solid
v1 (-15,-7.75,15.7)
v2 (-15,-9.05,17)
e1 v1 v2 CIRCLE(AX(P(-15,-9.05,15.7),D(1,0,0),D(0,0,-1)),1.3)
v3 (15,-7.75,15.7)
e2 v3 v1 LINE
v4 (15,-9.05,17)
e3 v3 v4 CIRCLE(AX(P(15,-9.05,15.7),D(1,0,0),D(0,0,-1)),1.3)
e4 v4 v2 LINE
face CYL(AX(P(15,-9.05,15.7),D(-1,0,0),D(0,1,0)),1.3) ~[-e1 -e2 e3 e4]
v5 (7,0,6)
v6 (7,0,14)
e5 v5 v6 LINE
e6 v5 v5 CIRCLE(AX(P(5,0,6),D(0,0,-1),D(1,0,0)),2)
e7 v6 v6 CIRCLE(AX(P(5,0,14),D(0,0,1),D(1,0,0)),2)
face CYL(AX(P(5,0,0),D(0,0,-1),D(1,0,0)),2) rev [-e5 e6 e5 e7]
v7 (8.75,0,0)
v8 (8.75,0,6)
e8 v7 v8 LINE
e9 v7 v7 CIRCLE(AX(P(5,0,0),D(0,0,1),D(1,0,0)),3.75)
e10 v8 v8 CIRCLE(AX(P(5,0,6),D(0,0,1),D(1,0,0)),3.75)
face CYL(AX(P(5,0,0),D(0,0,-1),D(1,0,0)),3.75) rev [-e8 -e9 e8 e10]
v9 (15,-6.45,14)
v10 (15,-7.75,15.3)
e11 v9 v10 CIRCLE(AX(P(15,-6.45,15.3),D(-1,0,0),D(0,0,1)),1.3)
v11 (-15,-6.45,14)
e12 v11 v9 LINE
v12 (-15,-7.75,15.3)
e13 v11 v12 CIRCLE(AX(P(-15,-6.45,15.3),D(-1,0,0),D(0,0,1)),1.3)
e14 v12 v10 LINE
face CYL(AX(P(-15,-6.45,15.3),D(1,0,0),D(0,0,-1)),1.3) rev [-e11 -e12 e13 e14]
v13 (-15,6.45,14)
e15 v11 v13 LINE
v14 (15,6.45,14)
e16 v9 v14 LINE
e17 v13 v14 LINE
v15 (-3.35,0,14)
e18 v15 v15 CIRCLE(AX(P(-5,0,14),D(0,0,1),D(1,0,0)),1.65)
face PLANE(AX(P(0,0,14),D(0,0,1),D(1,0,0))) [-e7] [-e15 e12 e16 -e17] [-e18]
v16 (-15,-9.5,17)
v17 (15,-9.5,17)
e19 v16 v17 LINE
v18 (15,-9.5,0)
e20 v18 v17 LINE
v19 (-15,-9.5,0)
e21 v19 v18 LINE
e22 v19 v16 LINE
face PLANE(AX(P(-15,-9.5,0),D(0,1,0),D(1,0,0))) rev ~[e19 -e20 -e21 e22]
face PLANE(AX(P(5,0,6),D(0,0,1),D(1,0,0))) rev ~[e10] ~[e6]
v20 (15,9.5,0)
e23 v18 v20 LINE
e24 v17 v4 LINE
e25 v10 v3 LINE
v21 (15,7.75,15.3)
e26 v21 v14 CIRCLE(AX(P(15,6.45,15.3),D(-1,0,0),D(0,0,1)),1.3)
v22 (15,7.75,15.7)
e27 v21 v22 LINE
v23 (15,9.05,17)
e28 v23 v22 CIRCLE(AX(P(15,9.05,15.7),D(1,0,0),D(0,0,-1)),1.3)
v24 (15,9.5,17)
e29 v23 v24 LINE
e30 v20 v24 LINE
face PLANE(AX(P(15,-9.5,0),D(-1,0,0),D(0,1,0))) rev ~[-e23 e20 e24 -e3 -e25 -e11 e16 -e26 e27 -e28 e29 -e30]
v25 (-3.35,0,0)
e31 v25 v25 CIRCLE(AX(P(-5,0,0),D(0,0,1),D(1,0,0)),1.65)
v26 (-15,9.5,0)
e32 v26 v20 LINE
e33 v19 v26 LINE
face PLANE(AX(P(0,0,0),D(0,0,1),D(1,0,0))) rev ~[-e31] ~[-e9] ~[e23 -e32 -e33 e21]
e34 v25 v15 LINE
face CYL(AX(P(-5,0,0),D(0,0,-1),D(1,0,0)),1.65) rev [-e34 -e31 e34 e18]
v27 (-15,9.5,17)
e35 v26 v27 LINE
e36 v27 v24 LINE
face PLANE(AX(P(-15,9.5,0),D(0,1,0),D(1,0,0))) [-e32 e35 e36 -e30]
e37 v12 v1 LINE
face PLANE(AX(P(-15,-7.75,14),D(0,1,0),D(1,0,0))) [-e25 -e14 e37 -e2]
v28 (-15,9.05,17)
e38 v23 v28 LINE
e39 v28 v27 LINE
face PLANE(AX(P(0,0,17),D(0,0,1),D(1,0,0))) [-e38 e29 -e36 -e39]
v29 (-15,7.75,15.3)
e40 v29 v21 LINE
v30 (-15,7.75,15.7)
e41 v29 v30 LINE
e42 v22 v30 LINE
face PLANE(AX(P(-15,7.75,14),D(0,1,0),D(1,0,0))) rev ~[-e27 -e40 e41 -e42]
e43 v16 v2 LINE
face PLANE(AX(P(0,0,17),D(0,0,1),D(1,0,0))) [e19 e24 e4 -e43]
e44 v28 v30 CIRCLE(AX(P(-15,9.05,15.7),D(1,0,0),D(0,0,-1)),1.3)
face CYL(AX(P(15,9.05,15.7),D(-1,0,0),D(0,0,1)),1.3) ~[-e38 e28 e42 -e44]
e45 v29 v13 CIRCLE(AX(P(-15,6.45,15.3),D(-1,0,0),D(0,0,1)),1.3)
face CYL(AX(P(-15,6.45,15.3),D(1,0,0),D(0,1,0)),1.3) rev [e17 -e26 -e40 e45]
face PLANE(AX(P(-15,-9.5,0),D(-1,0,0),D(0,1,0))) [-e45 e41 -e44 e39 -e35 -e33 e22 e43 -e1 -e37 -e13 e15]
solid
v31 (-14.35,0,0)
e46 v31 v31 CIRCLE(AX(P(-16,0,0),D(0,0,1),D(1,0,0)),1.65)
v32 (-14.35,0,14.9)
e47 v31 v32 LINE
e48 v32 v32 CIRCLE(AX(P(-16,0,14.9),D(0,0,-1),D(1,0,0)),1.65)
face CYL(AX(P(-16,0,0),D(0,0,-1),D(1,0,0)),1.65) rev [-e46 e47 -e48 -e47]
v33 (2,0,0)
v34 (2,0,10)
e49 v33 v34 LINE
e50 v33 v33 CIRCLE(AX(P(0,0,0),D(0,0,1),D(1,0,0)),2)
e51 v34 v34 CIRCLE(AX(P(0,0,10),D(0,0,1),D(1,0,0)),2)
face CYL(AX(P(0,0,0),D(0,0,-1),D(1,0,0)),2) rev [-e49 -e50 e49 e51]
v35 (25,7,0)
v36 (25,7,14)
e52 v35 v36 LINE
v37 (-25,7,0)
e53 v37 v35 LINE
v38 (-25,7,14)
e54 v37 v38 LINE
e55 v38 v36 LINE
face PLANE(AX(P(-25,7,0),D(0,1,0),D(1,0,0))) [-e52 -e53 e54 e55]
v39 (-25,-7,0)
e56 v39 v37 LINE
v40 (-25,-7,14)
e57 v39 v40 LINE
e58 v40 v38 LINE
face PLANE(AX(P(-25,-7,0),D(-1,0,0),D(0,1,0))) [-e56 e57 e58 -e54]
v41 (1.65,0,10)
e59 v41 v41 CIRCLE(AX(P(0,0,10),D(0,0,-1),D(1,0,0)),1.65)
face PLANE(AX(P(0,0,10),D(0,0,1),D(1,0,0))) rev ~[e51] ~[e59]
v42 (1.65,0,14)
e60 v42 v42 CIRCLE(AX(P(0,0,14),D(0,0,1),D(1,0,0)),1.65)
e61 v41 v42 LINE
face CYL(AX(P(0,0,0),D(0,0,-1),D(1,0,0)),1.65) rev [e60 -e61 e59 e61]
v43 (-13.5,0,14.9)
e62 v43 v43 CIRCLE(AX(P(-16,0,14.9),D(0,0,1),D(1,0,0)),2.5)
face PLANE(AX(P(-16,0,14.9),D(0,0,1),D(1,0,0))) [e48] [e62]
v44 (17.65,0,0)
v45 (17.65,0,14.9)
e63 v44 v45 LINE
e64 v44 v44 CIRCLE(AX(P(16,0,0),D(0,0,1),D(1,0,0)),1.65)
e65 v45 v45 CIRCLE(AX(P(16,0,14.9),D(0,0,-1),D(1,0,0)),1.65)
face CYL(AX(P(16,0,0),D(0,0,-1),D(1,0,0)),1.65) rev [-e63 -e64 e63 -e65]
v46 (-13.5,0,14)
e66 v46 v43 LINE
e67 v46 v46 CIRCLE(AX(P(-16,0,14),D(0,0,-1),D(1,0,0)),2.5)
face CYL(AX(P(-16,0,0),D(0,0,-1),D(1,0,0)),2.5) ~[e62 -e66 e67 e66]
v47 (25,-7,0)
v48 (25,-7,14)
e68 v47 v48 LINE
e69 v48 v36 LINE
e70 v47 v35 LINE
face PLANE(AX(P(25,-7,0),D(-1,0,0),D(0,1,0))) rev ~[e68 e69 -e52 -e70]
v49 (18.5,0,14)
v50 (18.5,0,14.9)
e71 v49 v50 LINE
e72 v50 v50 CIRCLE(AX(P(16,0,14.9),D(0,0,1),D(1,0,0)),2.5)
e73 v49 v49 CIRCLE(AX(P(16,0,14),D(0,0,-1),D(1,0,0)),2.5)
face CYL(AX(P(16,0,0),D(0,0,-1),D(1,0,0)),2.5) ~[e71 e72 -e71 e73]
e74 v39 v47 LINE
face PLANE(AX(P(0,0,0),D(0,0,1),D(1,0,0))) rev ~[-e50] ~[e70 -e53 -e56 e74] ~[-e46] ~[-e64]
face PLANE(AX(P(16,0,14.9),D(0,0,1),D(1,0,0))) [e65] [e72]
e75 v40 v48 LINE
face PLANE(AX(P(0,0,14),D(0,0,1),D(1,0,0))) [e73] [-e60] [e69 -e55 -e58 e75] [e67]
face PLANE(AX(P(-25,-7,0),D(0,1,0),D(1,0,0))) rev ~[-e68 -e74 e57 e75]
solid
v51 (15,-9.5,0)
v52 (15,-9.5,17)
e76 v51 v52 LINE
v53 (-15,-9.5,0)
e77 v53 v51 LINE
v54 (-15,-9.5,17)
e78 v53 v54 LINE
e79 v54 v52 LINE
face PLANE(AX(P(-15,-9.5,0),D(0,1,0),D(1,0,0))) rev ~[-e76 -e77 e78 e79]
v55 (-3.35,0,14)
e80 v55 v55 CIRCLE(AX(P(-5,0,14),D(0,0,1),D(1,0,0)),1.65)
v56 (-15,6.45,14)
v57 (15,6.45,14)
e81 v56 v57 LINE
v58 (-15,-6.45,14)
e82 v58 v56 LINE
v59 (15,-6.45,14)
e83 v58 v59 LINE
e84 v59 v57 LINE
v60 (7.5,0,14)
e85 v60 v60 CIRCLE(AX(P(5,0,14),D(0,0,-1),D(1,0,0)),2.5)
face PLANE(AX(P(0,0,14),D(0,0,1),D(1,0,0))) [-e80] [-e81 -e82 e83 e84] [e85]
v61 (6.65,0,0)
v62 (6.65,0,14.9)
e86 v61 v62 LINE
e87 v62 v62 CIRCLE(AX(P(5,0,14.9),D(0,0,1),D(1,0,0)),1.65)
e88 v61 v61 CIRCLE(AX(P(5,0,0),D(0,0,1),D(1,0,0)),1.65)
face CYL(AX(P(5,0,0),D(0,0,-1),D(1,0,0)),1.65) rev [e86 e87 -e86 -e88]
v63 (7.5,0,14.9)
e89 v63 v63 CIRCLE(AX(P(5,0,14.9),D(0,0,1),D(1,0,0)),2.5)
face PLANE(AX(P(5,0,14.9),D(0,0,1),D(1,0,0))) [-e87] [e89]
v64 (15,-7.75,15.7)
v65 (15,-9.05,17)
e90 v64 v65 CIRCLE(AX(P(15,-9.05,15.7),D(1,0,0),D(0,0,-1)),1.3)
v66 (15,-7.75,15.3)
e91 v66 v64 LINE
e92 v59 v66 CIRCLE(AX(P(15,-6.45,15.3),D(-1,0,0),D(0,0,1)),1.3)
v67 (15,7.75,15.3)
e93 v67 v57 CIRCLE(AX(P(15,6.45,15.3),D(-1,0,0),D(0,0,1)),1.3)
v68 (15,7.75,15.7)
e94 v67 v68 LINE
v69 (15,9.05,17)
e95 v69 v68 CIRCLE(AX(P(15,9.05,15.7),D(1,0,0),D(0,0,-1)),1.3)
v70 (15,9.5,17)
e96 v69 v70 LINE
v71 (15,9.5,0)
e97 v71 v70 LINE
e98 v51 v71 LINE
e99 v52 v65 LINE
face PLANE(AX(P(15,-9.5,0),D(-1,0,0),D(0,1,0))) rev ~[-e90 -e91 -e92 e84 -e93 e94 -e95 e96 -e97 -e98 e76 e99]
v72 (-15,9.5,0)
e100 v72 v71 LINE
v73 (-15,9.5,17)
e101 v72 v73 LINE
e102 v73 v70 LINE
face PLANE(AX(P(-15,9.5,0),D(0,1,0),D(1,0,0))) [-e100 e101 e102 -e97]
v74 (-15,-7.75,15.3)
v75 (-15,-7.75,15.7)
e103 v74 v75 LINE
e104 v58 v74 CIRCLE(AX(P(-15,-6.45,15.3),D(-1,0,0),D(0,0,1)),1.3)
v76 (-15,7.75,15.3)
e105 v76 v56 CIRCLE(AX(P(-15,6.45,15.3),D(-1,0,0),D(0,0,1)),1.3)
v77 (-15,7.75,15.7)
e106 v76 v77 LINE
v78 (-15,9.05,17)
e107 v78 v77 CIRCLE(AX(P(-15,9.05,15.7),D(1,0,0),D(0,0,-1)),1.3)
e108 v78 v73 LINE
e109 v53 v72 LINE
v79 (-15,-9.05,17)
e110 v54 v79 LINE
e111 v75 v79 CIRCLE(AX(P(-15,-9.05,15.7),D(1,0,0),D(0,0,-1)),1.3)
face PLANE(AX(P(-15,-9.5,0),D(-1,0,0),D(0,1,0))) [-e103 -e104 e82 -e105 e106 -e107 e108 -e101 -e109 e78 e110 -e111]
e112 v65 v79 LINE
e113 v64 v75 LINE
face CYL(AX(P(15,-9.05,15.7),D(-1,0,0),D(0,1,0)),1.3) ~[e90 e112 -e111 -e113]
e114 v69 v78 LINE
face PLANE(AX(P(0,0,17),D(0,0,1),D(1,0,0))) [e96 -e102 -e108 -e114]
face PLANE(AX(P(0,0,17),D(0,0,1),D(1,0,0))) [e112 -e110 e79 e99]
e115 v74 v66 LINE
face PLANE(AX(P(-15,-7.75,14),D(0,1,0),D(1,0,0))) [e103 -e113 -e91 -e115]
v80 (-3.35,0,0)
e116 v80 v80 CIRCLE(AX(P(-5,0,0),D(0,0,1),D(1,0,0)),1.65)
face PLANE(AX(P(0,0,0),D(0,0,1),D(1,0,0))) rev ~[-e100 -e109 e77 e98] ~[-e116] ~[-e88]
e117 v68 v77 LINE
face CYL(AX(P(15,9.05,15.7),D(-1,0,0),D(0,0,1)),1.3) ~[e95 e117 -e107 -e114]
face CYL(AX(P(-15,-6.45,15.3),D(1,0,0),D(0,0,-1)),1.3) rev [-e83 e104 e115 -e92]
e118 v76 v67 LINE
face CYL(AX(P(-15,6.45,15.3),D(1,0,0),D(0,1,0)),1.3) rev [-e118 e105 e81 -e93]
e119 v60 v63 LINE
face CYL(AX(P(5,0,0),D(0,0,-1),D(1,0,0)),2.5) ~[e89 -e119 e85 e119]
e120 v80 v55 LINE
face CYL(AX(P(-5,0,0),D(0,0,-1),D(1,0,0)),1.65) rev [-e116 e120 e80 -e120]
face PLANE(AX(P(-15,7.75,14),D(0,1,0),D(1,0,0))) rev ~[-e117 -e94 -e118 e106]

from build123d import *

# Parameters (mm, degrees)
CYLINDER005_R     = 1.65
CYLINDER005_DEPTH = 15
CYLINDER006_R     = 1.65
CYLINDER006_DEPTH = 15
CYLINDER004_R     = 2
CYLINDER004_DEPTH = 10
CYLINDER002_R     = 1.65
CYLINDER002_DEPTH = 14
CYLINDER_R        = 2.5
CYLINDER_DEPTH    = 14.9
BOX_W             = 50
BOX_H             = 14
BOX_DEPTH         = 14
CYLINDER001_R     = 2.5
CYLINDER001_DEPTH = 14.9
CYLINDER009_R     = 1.65
CYLINDER009_DEPTH = 14
CYLINDER008_R     = 1.65
CYLINDER008_DEPTH = 14.9
BOX002_W          = 30
BOX002_H          = 15.5
BOX002_DEPTH      = 10
BOX001_W          = 30
BOX001_H          = 19
BOX001_DEPTH      = 17
FILLET_R          = 1.3
CYLINDER007_R     = 2.5
CYLINDER007_DEPTH = 14.9
CYLINDER011_R     = 3.75
CYLINDER011_DEPTH = 6
CYLINDER012_R     = 1.65
CYLINDER012_DEPTH = 14
CYLINDER010_R     = 2
CYLINDER010_DEPTH = 14
BOX004_W          = 30
BOX004_H          = 15.5
BOX004_DEPTH      = 10
BOX003_W          = 30
BOX003_H          = 19
BOX003_DEPTH      = 17
FILLET001_R       = 1.3


with BuildPart() as cylinder005:
    # Cylinder005 → Cylinder005 (new body)
    with BuildSketch(Plane(origin=(16, 0, 0), x_dir=(1, 0, 0), z_dir=(0, 0, 1))):
        Circle(CYLINDER005_R)
    extrude(amount=CYLINDER005_DEPTH)


with BuildPart() as cylinder006:
    # Cylinder006 → Cylinder006 (new body)
    with BuildSketch(Plane(origin=(-16, 0, 0), x_dir=(1, 0, 0), z_dir=(0, 0, 1))):
        Circle(CYLINDER006_R)
    extrude(amount=CYLINDER006_DEPTH)


with BuildPart() as cylinder004:
    # Cylinder004 → Cylinder004 (new body)
    with BuildSketch(Plane.XY):
        Circle(CYLINDER004_R)
    extrude(amount=CYLINDER004_DEPTH)


with BuildPart() as fusion004:
    # Cylinder002 → Cylinder002 (new body)
    with BuildSketch(Plane.XY):
        Circle(CYLINDER002_R)
    extrude(amount=CYLINDER002_DEPTH)

    # Fusion004: union Cylinder005, Cylinder006, Cylinder004
    add(cylinder005.part)
    add(cylinder006.part)
    add(cylinder004.part)


with BuildPart() as cylinder:
    # Cylinder → Cylinder (new body)
    with BuildSketch(Plane(origin=(16, 0, 0), x_dir=(1, 0, 0), z_dir=(0, 0, 1))):
        Circle(CYLINDER_R)
    extrude(amount=CYLINDER_DEPTH)


with BuildPart() as box:
    # Box → Box (new body)
    with BuildSketch(Plane(origin=(-25, -7, 0), x_dir=(1, 0, 0), z_dir=(0, 0, 1))):
        with Locations((25, 7)):
            Rectangle(BOX_W, BOX_H)
    extrude(amount=BOX_DEPTH)


with BuildPart() as cut:
    # Cylinder001 → Cylinder001 (new body)
    with BuildSketch(Plane(origin=(-16, 0, 0), x_dir=(1, 0, 0), z_dir=(0, 0, 1))):
        Circle(CYLINDER001_R)
    extrude(amount=CYLINDER001_DEPTH)

    # Fusion: union Cylinder, Box
    add(cylinder.part)
    add(box.part)

    # Cut: cut Fusion004
    add(fusion004.part, mode=Mode.SUBTRACT)


with BuildPart() as cylinder009:
    # Cylinder009 → Cylinder009 (new body)
    with BuildSketch(Plane(origin=(-5, 0, 0), x_dir=(1, 0, 0), z_dir=(0, 0, 1))):
        Circle(CYLINDER009_R)
    extrude(amount=CYLINDER009_DEPTH)


with BuildPart() as fusion005:
    # Cylinder008 → Cylinder008 (new body)
    with BuildSketch(Plane(origin=(5, 0, 0), x_dir=(1, 0, 0), z_dir=(0, 0, 1))):
        Circle(CYLINDER008_R)
    extrude(amount=CYLINDER008_DEPTH)

    # Fusion005: union Cylinder009
    add(cylinder009.part)


with BuildPart() as box002:
    # Box002 → Box002 (new body)
    with BuildSketch(Plane(origin=(-15, -7.75, 14), x_dir=(1, 0, 0), z_dir=(0, 0, 1))):
        with Locations((15, 7.75)):
            Rectangle(BOX002_W, BOX002_H)
    extrude(amount=BOX002_DEPTH)


with BuildPart() as fillet_body:
    # Box001 → Box001 (new body)
    with BuildSketch(Plane(origin=(-15, -9.5, 0), x_dir=(1, 0, 0), z_dir=(0, 0, 1))):
        with Locations((15, 9.5)):
            Rectangle(BOX001_W, BOX001_H)
    extrude(amount=BOX001_DEPTH)

    # Cut001: cut Box002
    add(box002.part, mode=Mode.SUBTRACT)

    # Fillet
    fillet_edges = [fillet_body.edges().sort_by_distance(p)[0] for p in [
        (0, -7.75, 17),
        (0, -7.75, 14),
        (0, 7.75, 14),
        (0, 7.75, 17),
    ]]
    fillet(fillet_edges, radius=FILLET_R)


with BuildPart() as cut003:
    # Cylinder007 → Cylinder007 (new body)
    with BuildSketch(Plane(origin=(5, 0, 0), x_dir=(1, 0, 0), z_dir=(0, 0, 1))):
        Circle(CYLINDER007_R)
    extrude(amount=CYLINDER007_DEPTH)

    # Fusion002: union Fillet body
    add(fillet_body.part)

    # Cut003: cut Fusion005
    add(fusion005.part, mode=Mode.SUBTRACT)


with BuildPart() as cylinder011:
    # Cylinder011 → Cylinder011 (new body)
    with BuildSketch(Plane(origin=(5, 0, 0), x_dir=(1, 0, 0), z_dir=(0, 0, 1))):
        Circle(CYLINDER011_R)
    extrude(amount=CYLINDER011_DEPTH)


with BuildPart() as cylinder012:
    # Cylinder012 → Cylinder012 (new body)
    with BuildSketch(Plane(origin=(-5, 0, 0), x_dir=(1, 0, 0), z_dir=(0, 0, 1))):
        Circle(CYLINDER012_R)
    extrude(amount=CYLINDER012_DEPTH)


with BuildPart() as fusion006:
    # Cylinder010 → Cylinder010 (new body)
    with BuildSketch(Plane(origin=(5, 0, 0), x_dir=(1, 0, 0), z_dir=(0, 0, 1))):
        Circle(CYLINDER010_R)
    extrude(amount=CYLINDER010_DEPTH)

    # Fusion006: union Cylinder011, Cylinder012
    add(cylinder011.part)
    add(cylinder012.part)


with BuildPart() as box004:
    # Box004 → Box004 (new body)
    with BuildSketch(Plane(origin=(-15, -7.75, 14), x_dir=(1, 0, 0), z_dir=(0, 0, 1))):
        with Locations((15, 7.75)):
            Rectangle(BOX004_W, BOX004_H)
    extrude(amount=BOX004_DEPTH)


with BuildPart() as cut004:
    # Box003 → Box003 (new body)
    with BuildSketch(Plane(origin=(-15, -9.5, 0), x_dir=(1, 0, 0), z_dir=(0, 0, 1))):
        with Locations((15, 9.5)):
            Rectangle(BOX003_W, BOX003_H)
    extrude(amount=BOX003_DEPTH)

    # Cut002: cut Box004
    add(box004.part, mode=Mode.SUBTRACT)

    # Fillet001
    fillet001_edges = [cut004.edges().sort_by_distance(p)[0] for p in [
        (0, -7.75, 17),
        (0, -7.75, 14),
        (0, 7.75, 14),
        (0, 7.75, 17),
    ]]
    fillet(fillet001_edges, radius=FILLET001_R)

    # Cut004: cut Fusion006
    add(fusion006.part, mode=Mode.SUBTRACT)


solid = Compound([cut.part, cut003.part, cut004.part])
